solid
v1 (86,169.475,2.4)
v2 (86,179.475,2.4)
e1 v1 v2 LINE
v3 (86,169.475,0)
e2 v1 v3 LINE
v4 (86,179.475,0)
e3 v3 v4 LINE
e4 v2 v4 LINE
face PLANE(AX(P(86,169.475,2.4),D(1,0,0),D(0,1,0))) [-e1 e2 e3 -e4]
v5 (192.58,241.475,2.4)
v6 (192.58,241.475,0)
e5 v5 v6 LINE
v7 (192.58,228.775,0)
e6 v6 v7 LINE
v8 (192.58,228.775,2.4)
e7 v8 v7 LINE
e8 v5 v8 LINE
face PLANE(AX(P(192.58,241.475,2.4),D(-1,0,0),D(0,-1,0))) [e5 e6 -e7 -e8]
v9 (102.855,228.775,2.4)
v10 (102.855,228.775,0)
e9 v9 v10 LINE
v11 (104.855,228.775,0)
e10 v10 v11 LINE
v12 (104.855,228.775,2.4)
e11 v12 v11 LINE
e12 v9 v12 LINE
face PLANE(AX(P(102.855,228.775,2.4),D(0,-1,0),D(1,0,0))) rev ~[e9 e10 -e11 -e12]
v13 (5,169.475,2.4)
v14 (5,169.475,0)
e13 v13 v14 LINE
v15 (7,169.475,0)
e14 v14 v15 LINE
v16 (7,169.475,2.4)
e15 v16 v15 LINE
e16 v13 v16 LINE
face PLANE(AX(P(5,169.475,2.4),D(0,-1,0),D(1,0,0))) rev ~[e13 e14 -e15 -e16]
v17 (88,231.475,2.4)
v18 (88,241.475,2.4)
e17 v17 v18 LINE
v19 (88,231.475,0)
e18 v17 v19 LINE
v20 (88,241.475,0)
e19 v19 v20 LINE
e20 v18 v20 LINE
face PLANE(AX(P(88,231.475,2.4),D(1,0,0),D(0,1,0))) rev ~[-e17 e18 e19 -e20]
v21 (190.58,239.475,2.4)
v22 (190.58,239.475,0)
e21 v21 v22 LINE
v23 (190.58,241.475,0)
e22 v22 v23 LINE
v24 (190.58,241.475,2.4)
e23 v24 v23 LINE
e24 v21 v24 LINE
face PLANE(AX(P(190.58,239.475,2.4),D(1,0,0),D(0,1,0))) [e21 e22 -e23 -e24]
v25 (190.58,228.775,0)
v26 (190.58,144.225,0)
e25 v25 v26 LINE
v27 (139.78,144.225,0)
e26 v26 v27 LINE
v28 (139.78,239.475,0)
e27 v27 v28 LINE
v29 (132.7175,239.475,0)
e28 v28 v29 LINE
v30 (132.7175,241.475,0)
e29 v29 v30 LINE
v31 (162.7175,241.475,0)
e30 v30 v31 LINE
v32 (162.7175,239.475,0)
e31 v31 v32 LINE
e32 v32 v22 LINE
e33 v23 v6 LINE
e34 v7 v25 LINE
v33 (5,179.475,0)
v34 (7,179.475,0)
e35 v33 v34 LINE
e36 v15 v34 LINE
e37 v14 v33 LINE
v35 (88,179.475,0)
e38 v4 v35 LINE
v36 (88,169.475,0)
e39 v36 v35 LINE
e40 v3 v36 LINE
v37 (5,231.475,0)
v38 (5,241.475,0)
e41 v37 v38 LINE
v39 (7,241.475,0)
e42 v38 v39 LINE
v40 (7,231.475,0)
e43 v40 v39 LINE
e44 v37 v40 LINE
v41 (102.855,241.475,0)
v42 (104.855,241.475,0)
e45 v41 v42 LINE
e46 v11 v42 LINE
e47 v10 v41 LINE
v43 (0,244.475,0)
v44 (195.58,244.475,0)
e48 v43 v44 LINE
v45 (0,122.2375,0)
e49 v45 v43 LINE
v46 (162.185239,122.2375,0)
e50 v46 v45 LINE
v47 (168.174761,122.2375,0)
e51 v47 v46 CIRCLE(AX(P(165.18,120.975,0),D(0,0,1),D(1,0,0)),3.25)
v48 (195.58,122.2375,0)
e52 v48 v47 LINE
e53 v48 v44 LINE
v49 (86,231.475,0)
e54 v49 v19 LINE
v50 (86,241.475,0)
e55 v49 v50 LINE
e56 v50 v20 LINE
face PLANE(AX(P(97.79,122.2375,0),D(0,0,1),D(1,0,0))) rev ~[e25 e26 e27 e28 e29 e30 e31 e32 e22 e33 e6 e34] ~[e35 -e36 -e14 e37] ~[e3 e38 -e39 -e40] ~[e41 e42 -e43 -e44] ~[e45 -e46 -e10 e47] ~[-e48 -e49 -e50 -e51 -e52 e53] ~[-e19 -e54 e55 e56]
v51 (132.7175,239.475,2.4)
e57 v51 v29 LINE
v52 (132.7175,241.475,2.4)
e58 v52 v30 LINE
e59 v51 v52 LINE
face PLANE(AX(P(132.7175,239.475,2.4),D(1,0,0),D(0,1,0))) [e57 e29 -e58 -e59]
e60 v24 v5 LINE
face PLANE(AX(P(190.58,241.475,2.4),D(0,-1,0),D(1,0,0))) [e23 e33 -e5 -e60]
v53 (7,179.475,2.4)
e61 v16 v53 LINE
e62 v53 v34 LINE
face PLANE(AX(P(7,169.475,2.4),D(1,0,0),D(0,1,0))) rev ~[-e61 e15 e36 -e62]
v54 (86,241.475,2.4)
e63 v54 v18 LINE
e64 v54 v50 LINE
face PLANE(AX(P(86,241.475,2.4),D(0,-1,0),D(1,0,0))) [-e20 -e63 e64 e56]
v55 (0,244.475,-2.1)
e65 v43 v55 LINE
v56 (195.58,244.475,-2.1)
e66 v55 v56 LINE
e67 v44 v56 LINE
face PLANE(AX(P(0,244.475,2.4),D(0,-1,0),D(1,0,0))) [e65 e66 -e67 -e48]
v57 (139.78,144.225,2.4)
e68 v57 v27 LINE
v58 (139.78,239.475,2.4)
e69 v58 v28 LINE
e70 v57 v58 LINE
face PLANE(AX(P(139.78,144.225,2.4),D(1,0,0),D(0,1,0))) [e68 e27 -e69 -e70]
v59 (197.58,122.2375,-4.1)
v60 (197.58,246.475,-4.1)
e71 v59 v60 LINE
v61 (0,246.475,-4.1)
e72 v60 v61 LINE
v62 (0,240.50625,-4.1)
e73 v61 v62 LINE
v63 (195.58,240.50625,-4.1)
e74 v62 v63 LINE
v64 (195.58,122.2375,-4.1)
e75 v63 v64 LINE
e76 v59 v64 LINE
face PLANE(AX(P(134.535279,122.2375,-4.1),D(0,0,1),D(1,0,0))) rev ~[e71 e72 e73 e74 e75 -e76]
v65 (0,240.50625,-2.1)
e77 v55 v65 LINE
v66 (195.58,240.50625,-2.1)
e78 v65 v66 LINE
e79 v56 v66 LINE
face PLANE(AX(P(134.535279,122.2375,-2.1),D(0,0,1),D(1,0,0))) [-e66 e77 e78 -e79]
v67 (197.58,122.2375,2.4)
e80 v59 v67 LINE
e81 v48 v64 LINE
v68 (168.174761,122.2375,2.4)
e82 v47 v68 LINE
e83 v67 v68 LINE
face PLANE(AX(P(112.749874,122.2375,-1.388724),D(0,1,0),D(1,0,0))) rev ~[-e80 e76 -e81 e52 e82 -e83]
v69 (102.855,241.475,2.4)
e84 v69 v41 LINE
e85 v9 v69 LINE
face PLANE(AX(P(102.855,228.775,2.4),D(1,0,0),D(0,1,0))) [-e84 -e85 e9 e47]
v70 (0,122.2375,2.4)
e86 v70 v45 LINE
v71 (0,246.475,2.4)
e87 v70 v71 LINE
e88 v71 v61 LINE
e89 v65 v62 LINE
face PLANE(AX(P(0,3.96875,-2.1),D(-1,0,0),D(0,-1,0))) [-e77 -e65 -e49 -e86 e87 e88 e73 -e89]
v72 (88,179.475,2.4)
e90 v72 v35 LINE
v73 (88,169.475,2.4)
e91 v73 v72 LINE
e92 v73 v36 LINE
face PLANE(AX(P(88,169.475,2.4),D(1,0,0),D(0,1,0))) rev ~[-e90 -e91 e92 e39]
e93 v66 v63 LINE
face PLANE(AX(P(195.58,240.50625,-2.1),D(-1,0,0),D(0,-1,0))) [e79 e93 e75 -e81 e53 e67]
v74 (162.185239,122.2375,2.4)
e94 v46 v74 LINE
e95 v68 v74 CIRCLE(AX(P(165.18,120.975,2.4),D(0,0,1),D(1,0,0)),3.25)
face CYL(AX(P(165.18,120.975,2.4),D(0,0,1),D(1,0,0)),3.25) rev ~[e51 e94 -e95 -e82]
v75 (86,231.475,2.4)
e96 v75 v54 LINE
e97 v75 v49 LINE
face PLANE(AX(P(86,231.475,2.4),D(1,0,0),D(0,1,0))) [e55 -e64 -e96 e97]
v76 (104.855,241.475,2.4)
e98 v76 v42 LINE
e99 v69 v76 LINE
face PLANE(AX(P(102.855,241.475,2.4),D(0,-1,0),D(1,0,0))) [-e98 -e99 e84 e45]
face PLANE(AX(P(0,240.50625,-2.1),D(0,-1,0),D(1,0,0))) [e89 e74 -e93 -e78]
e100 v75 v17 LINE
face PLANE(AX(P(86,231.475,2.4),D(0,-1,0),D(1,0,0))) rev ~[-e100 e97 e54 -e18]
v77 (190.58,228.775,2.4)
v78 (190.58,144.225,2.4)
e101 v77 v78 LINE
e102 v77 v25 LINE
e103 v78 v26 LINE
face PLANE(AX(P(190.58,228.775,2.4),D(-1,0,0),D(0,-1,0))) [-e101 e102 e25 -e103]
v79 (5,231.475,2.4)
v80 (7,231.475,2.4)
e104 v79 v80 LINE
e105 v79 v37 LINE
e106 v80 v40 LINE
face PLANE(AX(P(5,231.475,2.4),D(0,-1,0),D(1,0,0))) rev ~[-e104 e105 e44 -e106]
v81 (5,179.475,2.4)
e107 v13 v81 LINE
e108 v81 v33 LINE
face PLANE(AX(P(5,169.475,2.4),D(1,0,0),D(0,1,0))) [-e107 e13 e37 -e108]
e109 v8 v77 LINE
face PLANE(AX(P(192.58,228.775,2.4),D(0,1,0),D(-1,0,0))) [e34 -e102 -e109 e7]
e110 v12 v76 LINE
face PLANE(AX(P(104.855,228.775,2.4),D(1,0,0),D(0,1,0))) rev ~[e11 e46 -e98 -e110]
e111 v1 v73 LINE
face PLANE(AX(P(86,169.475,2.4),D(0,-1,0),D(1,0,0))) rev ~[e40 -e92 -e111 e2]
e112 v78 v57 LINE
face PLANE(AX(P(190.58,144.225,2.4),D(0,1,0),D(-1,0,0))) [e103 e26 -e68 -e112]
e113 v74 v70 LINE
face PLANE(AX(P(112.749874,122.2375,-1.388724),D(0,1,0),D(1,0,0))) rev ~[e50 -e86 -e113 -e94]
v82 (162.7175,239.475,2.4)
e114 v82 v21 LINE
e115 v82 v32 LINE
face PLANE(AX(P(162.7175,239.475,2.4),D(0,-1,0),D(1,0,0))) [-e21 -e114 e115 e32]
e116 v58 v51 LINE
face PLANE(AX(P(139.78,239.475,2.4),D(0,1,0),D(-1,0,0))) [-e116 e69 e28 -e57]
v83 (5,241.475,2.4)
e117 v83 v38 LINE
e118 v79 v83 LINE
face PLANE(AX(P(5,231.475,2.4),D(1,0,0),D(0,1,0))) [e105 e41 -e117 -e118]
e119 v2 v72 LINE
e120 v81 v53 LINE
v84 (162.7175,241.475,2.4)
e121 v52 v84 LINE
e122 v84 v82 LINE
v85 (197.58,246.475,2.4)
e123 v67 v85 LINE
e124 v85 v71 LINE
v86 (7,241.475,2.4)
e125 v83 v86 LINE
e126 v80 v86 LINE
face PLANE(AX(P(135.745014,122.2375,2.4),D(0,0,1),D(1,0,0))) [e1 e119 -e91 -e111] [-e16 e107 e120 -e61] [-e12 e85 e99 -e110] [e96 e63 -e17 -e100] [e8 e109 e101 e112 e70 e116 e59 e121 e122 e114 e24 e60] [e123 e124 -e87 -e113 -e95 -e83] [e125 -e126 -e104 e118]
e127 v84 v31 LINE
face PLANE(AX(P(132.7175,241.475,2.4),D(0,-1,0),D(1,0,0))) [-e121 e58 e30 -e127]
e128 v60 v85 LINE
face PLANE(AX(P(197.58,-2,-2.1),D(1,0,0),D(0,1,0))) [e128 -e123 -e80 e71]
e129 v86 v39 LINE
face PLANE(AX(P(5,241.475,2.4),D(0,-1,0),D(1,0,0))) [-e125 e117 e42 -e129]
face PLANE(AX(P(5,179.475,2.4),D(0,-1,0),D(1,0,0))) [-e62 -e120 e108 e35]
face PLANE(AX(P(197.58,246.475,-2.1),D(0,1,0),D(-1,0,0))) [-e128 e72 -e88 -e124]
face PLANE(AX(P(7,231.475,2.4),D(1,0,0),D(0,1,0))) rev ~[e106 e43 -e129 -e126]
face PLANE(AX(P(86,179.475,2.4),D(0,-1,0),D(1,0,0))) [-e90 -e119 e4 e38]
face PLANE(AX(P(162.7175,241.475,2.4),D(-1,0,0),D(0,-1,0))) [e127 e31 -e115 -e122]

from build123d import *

# Parameters (mm, degrees)
SKETCH1_W           = 195.58
SKETCH1_H           = 244.475
BOSS_EXTRUDE1_DEPTH = 2.4
BOSS_EXTRUDE2_DEPTH = 4.5
BOSS_EXTRUDE3_DEPTH = 2
SKETCH4_W           = 2
SKETCH4_H           = 10
CUT_EXTRUDE1_DEPTH  = 2.4
SKETCH5_W           = 2
SKETCH5_H           = 12.7
CUT_EXTRUDE2_DEPTH  = 2.4
SKETCH6_R           = 3.25
CUT_EXTRUDE3_DEPTH  = 316.95890876
SKETCH7_W           = 248.705965207
SKETCH7_H           = 26.677752725
CUT_EXTRUDE4_DEPTH  = 234.430124033


with BuildPart() as part:
    # Sketch1 → Boss-Extrude1 (new body)
    with BuildSketch(Plane.XY):
        with Locations((97.79, 122.2375)):
            Rectangle(SKETCH1_W, SKETCH1_H)
    extrude(amount=BOSS_EXTRUDE1_DEPTH)

    # Sketch2 → Boss-Extrude2 (add)
    with BuildSketch(Plane.XY.offset(2.4)):
        Polygon((195.58, 0), (0, 0), (0, -2), (196.923366415, -2), (197.58, -2), (197.58, 246.475), (195.58, 246.475), (0, 246.475), (0, 244.475), (195.58, 244.475), align=None)
    extrude(amount=-BOSS_EXTRUDE2_DEPTH)

    # Sketch3 → Boss-Extrude3 (add)
    with BuildSketch(Plane(origin=(0, 0, -2.1), x_dir=(-1, 0, 0), z_dir=(0, 0, -1))):
        Polygon((0, -2), (-197.58, -2), (-197.58, 246.475), (0, 246.475), (0, 240.50625), (-195.58, 240.50625), (-195.58, 3.96875), (0, 3.96875), align=None)
    extrude(amount=BOSS_EXTRUDE3_DEPTH)

    # Sketch4 → Cut-Extrude1 (cut)
    with BuildSketch(Plane.XY.offset(2.4)):
        with Locations((6, 236.475)):
            Rectangle(SKETCH4_W, SKETCH4_H)
        with Locations((6, 174.475)):
            Rectangle(SKETCH4_W, SKETCH4_H)
        with Locations((87, 174.475)):
            Rectangle(SKETCH4_W, SKETCH4_H)
        with Locations((87, 236.475)):
            Rectangle(SKETCH4_W, SKETCH4_H)
    extrude(amount=-CUT_EXTRUDE1_DEPTH, mode=Mode.SUBTRACT)

    # Sketch5 → Cut-Extrude2 (cut)
    with BuildSketch(Plane.XY.offset(2.4)):
        Polygon((162.7175, 239.475), (190.58, 239.475), (190.58, 241.475), (192.58, 241.475), (192.58, 228.775), (190.58, 228.775), (190.58, 144.225), (139.78, 144.225), (139.78, 239.475), (132.7175, 239.475), (132.7175, 241.475), (162.7175, 241.475), align=None)
        with Locations((103.855, 235.125)):
            Rectangle(SKETCH5_W, SKETCH5_H)
    extrude(amount=-CUT_EXTRUDE2_DEPTH, mode=Mode.SUBTRACT)

    # Sketch6 → Cut-Extrude3 (cut, through all)
    with BuildSketch(Plane.XY.offset(2.4)):
        with Locations((165.18, 120.975)):
            Circle(SKETCH6_R)
        with Locations((165.18, 100.975)):
            Circle(SKETCH6_R)
        with Locations((165.18, 80.975)):
            Circle(SKETCH6_R)
        with Locations((165.18, 60.975)):
            Circle(SKETCH6_R)
        with Locations((165.18, 40.975)):
            Circle(SKETCH6_R)
    extrude(amount=-CUT_EXTRUDE3_DEPTH, mode=Mode.SUBTRACT)

    # Sketch7 → Cut-Extrude4 (cut, through all)
    with BuildSketch(Plane(origin=(0, 122.2375, 0), x_dir=(1, 0, 0), z_dir=(0, 1, 0))):
        with Locations((112.749873787, 1.388723817)):
            Rectangle(SKETCH7_W, SKETCH7_H)
    extrude(amount=-CUT_EXTRUDE4_DEPTH, mode=Mode.SUBTRACT)


solid = part.part
